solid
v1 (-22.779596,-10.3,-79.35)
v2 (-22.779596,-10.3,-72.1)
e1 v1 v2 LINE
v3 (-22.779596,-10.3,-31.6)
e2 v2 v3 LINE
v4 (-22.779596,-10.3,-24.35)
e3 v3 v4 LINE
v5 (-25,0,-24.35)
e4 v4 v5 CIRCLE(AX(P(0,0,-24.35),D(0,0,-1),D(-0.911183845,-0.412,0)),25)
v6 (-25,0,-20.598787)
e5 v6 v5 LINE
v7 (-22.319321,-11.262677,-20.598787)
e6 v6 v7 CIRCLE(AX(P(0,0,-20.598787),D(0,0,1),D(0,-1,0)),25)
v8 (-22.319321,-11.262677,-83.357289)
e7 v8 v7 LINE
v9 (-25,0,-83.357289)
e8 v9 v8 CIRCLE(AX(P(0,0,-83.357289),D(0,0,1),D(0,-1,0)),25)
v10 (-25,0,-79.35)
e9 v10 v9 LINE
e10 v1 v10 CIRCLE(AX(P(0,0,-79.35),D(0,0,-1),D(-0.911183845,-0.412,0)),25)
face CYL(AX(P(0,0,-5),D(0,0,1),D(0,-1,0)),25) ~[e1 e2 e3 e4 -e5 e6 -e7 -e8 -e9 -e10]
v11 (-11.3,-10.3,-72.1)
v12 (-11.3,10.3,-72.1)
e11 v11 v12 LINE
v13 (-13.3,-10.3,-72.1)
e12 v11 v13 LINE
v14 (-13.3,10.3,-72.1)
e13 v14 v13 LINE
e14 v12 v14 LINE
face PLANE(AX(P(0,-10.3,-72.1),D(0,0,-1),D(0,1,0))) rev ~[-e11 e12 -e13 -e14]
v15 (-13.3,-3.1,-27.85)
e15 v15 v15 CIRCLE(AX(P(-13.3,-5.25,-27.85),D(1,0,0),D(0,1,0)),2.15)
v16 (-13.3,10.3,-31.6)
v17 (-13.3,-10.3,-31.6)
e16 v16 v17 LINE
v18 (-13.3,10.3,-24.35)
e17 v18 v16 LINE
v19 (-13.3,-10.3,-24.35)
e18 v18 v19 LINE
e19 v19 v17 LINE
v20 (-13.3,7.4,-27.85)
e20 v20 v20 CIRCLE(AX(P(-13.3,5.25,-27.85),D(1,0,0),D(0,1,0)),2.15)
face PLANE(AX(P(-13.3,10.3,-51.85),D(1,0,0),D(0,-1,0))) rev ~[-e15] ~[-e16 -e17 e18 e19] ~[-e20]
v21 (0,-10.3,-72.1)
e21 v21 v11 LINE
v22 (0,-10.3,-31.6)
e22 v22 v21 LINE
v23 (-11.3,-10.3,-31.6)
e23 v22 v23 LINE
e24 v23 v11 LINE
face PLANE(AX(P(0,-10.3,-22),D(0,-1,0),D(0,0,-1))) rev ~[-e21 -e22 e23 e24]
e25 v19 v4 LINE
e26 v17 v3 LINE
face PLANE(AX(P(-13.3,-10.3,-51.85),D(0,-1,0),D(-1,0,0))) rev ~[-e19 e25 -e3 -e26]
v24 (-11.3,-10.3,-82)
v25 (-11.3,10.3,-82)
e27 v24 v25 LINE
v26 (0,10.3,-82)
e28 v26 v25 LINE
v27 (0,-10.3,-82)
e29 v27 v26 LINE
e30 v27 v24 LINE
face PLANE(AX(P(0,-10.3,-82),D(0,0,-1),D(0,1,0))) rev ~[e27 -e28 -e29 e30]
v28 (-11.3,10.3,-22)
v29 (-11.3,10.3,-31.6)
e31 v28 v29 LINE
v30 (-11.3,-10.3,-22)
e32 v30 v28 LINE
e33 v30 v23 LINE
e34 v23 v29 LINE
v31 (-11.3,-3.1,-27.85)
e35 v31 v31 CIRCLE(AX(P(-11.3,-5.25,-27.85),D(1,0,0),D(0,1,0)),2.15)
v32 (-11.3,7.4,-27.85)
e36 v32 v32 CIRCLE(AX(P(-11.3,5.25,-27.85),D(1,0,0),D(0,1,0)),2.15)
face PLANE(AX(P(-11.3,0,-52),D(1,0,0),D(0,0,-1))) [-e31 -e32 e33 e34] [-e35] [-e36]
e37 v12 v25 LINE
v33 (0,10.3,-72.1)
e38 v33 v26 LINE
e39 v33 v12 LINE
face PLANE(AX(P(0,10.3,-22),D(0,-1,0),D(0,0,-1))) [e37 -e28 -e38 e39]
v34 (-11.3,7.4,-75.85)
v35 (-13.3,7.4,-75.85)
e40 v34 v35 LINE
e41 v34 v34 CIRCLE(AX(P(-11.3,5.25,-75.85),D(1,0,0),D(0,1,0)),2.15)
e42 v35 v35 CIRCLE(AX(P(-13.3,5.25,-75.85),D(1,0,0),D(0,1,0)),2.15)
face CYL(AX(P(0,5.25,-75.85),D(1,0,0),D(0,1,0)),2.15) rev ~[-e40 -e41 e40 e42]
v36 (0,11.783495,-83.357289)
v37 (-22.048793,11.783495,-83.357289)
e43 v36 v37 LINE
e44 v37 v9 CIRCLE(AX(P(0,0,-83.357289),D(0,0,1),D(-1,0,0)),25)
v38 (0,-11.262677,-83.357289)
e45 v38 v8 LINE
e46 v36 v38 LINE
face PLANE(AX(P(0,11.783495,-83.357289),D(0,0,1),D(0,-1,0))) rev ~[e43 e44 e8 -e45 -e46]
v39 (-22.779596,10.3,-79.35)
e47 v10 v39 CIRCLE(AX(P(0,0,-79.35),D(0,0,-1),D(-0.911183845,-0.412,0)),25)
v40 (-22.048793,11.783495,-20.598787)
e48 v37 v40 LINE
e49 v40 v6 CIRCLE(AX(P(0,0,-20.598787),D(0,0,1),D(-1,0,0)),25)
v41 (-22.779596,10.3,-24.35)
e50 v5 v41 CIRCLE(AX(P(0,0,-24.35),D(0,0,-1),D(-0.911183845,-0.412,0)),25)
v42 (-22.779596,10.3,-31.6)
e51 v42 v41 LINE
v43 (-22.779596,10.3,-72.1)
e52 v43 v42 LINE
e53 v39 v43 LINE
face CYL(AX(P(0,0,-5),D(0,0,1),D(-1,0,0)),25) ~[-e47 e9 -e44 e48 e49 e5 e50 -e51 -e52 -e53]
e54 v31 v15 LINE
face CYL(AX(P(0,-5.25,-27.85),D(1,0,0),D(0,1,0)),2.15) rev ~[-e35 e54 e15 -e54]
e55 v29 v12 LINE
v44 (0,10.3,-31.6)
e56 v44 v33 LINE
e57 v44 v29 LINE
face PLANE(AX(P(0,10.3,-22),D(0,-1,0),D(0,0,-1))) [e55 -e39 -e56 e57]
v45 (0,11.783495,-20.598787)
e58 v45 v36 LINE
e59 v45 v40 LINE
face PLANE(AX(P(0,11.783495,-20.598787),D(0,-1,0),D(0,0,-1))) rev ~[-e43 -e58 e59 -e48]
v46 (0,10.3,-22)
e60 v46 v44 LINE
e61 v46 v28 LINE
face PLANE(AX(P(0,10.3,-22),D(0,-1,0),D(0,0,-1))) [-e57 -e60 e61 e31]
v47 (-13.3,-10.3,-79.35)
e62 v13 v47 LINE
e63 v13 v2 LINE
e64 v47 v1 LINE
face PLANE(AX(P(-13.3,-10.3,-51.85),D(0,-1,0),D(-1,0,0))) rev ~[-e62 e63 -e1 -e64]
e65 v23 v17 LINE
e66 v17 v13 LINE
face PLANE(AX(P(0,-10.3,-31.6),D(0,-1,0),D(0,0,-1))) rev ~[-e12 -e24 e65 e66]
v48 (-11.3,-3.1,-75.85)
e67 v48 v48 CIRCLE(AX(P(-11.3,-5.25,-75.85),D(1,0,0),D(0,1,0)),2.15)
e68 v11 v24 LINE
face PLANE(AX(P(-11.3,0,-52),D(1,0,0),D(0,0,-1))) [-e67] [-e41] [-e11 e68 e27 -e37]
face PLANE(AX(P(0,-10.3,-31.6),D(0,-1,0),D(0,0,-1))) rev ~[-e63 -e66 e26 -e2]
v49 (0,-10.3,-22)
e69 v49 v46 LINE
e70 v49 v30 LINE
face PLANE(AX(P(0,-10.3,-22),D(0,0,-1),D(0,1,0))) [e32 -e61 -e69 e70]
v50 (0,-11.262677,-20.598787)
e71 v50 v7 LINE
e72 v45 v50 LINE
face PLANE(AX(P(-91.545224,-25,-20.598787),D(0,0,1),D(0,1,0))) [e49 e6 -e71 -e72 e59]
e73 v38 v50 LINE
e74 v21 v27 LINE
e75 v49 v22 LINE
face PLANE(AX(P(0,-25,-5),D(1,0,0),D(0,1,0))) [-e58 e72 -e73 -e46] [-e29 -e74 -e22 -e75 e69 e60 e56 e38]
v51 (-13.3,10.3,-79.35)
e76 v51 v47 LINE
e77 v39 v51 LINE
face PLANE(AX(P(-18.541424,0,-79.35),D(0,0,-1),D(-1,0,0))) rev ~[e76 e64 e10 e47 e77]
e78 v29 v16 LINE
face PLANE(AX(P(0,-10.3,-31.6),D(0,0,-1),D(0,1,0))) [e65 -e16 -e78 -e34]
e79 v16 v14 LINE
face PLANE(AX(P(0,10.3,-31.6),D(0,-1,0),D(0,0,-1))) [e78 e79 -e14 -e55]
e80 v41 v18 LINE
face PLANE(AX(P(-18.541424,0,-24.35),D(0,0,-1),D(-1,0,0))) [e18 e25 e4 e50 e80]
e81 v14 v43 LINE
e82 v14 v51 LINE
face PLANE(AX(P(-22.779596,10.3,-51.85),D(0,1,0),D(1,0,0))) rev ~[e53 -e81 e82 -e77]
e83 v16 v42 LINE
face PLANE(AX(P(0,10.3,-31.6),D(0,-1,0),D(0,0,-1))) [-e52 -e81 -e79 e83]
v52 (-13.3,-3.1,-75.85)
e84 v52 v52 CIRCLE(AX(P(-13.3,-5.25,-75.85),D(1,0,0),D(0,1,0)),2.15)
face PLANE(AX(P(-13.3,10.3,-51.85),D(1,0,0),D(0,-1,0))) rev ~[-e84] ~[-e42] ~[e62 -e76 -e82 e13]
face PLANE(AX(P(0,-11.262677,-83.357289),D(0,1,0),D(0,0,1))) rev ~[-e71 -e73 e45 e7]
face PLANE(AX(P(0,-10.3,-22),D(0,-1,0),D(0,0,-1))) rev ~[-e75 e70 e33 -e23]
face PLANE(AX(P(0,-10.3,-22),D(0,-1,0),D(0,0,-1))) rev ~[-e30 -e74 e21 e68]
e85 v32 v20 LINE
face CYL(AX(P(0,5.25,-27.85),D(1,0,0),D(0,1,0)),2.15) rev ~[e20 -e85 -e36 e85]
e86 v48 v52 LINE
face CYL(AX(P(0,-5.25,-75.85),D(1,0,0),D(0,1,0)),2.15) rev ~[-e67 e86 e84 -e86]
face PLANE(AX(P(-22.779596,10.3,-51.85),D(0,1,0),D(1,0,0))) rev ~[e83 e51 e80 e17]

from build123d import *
from build123d.topology import SkipClean

# Parameters (mm, degrees)
SKETCH1_R                = 25
SKETCH1_W                = 27.5
SKETCH1_H                = 27.5
BOSS_EXTRUDE1_DEPTH      = 55
BOSS_EXTRUDE2_START      = 5
SKETCH2_R                = 25
BOSS_EXTRUDE2_DEPTH      = 5
SKETCH3_W                = 25
SKETCH3_H                = 50
BOSS_EXTRUDE3_DEPTH      = 80
FILLET1_R                = 2.5
FILLET2_R                = 2.5
SKETCH21_W               = 60
SKETCH21_H               = 20.6
CUT_EXTRUDE1_DEPTH       = 11.3
SKETCH22_W               = 40.5
SKETCH22_H               = 20.6
CUT_EXTRUDE2_DEPTH       = 93.059763198
CUT_EXTRUDE3_DEPTH       = 88.464278423
SKETCH23_R               = 2.15
CUT_EXTRUDE4_DEPTH       = 93.059763198
CUT_EXTRUDE7_DEPTH       = 27.5
CUT_EXTRUDE9_DEPTH       = 93.059763198
CUT_EXTRUDE10_DEPTH      = 91.545224131
CUT_EXTRUDE10_DEPTH_BACK = 91.545224131
SKETCH26_W               = 75.598787472
SKETCH26_H               = 50


with BuildPart() as part:
    # Sketch1 → Boss-Extrude1 (new body)
    with BuildSketch(Plane.XY):
        Circle(SKETCH1_R)
        Rectangle(SKETCH1_W, SKETCH1_H, mode=Mode.SUBTRACT)
    extrude(amount=BOSS_EXTRUDE1_DEPTH)

    # Sketch2 → Boss-Extrude2 (add)
    with BuildSketch(Plane(origin=(0, 0, 0), x_dir=(-1, 0, 0), z_dir=(0, 0, -1)).offset(BOSS_EXTRUDE2_START)):
        Circle(SKETCH2_R)
    extrude(amount=-BOSS_EXTRUDE2_DEPTH)

    # Sketch3 → Boss-Extrude3 (add)
    with BuildSketch(Plane(origin=(0, 0, -5), x_dir=(-1, 0, 0), z_dir=(0, 0, -1))):
        with Locations((12.5, 0)):
            Rectangle(SKETCH3_W, SKETCH3_H)
    extrude(amount=BOSS_EXTRUDE3_DEPTH)

    # Fillet1
    fillet1_edges = [part.edges().sort_by_distance(p)[0] for p in [
        (-13.75, 13.75, 27.5),
        (13.75, 13.75, 27.5),
        (-13.75, -13.75, 27.5),
        (13.75, -13.75, 27.5),
    ]]
    fillet(fillet1_edges, radius=FILLET1_R)

    # Fillet2
    fillet2_edges = [part.edges().sort_by_distance(p)[0] for p in [
        (13.75, 0, 55),
    ]]
    fillet(fillet2_edges, radius=FILLET2_R)

    # Sketch21 → Cut-Extrude1 (cut)
    with BuildSketch(Plane(origin=(0, 0, 0), x_dir=(0, 0, -1), z_dir=(1, 0, 0))):
        with Locations((52, 0)):
            Rectangle(SKETCH21_W, SKETCH21_H)
    extrude(amount=-CUT_EXTRUDE1_DEPTH, mode=Mode.SUBTRACT)

    # Sketch22 → Cut-Extrude2 (cut, through all)
    with BuildSketch(Plane(origin=(0, 0, 0), x_dir=(0, 0, -1), z_dir=(1, 0, 0))):
        with Locations((51.85, 0)):
            Rectangle(SKETCH22_W, SKETCH22_H)
    extrude(amount=-CUT_EXTRUDE2_DEPTH, mode=Mode.SUBTRACT)

    # Sketch18 → Cut-Extrude3 (cut, through all)
    with BuildSketch(Plane.XY.offset(-5)):
        with BuildLine():
            Line((-25, -25), (0, -25))
            ThreePointArc((0, -25), (-17.67766953, -17.67766953), (-25, 0))
            Line((-25, 0), (-25, -25))
        make_face()
        with BuildLine():
            Line((-25, 25), (-25, 0))
            ThreePointArc((-25, 0), (-17.67766953, 17.67766953), (0, 25))
            Line((0, 25), (-25, 25))
        make_face()
    extrude(amount=-CUT_EXTRUDE3_DEPTH, mode=Mode.SUBTRACT)

    # Sketch23 → Cut-Extrude4 (cut, through all)
    with BuildSketch(Plane(origin=(0, 0, 0), x_dir=(0, 0, -1), z_dir=(1, 0, 0))):
        with Locations((75.85, 5.25)):
            Circle(SKETCH23_R)
        with Locations((75.85, -5.25)):
            Circle(SKETCH23_R)
        with Locations((27.85, 5.25)):
            Circle(SKETCH23_R)
        with Locations((27.85, -5.25)):
            Circle(SKETCH23_R)
    extrude(amount=-CUT_EXTRUDE4_DEPTH, mode=Mode.SUBTRACT)

    # Sketch24 → Cut-Extrude7 (cut, symmetric)
    with BuildSketch(Plane(origin=(0, 0, -51.85), x_dir=(-1, 0, 0), z_dir=(0, 0, -1))):
        with BuildLine():
            Line((22.779596133, 10.3), (13.3, 10.3))
            Line((13.3, 10.3), (13.3, -10.3))
            Line((13.3, -10.3), (22.779596133, -10.3))
            ThreePointArc((22.779596133, -10.3), (25, 0), (22.779596133, 10.3))
        make_face()
    extrude(amount=CUT_EXTRUDE7_DEPTH, both=True, mode=Mode.SUBTRACT)

    # Sketch25 → Cut-Extrude9 (cut, through all)
    with BuildSketch(Plane(origin=(0, 0, 0), x_dir=(0, 0, -1), z_dir=(1, 0, 0))):
        Polygon((85, 25), (20.598787472, 25), (20.598787472, 11.783494563), (83.357288901, 11.783494563), (83.357288901, -11.262677124), (20.598787472, -11.262677124), (20.598787472, -25), (85, -25), (85, -11.262677124), (85, 11.783494563), align=None)
    extrude(amount=-CUT_EXTRUDE9_DEPTH, mode=Mode.SUBTRACT)

    # Sketch26 → Cut-Extrude10 (cut, two sides: drawn at the far end of the back side and taken through both)
    with SkipClean():  # the faces are left unmerged after this step: merging them gives an invalid solid
        with BuildSketch(Plane(origin=(0, 0, 0), x_dir=(0, 0, -1), z_dir=(1, 0, 0)).offset(-CUT_EXTRUDE10_DEPTH_BACK)):
            with Locations((-17.200606264, 0)):
                Rectangle(SKETCH26_W, SKETCH26_H)
        extrude(amount=CUT_EXTRUDE10_DEPTH + CUT_EXTRUDE10_DEPTH_BACK, mode=Mode.SUBTRACT)


solid = part.part
